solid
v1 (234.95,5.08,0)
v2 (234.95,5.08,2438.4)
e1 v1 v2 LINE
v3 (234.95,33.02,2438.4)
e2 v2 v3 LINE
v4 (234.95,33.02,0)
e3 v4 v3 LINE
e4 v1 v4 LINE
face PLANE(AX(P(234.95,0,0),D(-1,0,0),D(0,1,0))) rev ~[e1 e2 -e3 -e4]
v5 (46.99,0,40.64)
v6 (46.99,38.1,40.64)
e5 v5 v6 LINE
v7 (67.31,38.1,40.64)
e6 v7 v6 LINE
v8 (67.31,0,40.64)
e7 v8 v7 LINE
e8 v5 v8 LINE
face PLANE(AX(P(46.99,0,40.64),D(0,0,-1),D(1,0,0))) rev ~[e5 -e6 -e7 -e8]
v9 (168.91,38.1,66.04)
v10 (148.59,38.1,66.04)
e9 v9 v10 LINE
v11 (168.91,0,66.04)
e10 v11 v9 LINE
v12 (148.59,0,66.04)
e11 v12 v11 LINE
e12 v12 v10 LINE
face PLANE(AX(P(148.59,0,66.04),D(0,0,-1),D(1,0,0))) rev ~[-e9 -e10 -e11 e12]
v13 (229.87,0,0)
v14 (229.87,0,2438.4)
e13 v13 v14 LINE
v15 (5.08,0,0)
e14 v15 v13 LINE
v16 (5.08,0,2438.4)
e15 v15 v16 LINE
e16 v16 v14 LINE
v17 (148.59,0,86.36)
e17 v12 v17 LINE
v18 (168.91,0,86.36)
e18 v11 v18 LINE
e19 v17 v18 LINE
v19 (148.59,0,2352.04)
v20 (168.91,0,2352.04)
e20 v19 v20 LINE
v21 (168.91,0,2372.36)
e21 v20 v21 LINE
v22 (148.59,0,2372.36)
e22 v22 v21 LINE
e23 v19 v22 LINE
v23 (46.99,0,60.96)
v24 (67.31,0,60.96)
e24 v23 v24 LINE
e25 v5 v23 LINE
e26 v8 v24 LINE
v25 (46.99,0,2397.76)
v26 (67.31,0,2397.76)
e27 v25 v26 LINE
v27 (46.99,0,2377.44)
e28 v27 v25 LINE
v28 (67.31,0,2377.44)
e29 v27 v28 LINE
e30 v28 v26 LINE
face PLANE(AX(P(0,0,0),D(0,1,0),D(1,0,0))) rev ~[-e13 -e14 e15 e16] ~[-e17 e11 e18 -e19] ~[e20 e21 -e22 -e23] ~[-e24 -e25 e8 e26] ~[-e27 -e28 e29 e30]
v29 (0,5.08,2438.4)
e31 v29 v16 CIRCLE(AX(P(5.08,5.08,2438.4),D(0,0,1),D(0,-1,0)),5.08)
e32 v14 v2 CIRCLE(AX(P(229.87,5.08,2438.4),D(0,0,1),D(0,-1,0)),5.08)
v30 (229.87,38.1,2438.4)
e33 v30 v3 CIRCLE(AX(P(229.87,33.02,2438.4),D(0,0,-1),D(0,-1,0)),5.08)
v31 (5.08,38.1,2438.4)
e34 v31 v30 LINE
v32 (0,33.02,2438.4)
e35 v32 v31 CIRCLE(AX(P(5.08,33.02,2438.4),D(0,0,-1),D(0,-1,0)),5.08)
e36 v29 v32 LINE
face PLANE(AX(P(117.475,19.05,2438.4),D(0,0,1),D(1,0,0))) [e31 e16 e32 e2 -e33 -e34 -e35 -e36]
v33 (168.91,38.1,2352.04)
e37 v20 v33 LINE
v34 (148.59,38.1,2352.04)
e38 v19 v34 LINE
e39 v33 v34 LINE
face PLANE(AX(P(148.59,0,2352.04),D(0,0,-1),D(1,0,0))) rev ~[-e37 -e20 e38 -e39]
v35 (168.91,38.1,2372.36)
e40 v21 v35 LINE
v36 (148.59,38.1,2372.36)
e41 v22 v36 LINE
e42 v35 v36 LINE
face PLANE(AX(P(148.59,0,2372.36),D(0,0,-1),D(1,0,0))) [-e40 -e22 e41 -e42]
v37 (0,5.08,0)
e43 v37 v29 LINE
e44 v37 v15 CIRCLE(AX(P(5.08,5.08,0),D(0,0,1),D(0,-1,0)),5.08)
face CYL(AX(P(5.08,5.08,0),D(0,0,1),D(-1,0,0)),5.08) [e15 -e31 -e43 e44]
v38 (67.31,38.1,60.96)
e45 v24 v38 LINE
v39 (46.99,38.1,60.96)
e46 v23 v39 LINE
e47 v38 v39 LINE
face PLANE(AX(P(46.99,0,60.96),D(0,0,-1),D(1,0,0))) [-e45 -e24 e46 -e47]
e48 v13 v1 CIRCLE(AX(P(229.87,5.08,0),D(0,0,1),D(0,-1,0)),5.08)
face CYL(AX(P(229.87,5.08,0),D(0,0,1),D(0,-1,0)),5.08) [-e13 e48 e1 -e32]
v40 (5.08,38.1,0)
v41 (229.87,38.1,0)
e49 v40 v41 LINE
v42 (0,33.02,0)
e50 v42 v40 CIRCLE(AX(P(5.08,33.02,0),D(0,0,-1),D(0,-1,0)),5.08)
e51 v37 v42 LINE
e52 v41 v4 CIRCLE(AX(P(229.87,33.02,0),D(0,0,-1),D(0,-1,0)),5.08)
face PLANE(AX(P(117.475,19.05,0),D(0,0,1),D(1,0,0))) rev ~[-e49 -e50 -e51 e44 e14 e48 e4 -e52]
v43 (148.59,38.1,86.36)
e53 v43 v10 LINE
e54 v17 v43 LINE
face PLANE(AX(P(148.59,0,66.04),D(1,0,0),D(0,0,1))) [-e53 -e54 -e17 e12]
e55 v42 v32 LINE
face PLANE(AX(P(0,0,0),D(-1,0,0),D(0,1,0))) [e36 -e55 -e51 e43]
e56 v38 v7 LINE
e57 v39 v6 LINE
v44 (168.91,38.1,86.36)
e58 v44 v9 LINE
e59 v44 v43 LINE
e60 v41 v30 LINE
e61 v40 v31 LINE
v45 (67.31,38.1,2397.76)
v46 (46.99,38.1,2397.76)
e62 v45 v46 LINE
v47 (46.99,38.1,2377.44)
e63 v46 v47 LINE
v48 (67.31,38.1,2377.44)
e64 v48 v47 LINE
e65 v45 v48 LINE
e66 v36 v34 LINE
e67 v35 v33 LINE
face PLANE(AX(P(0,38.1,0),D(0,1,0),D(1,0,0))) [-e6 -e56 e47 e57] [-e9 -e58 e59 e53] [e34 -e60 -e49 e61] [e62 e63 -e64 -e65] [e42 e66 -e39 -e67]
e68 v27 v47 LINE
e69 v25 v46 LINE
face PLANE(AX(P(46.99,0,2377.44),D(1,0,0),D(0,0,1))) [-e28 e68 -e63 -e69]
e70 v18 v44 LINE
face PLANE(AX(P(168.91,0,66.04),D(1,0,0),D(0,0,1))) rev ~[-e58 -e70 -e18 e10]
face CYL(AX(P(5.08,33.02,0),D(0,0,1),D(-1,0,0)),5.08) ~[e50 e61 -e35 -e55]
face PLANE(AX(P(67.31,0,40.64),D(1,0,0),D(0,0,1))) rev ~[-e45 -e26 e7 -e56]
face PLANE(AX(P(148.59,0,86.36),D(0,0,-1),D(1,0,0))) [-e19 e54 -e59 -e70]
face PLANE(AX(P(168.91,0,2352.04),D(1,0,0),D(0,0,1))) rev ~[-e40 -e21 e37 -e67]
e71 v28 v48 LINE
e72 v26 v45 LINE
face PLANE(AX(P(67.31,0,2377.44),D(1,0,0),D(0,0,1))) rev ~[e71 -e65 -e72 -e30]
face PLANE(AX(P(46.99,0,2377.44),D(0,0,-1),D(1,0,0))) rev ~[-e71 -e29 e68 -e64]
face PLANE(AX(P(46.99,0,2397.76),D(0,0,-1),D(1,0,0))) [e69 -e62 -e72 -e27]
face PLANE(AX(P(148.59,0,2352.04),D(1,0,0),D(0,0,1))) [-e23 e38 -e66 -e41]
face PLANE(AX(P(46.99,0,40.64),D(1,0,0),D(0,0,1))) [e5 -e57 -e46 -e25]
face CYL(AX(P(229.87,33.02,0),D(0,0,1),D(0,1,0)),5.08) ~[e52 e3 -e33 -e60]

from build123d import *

# Parameters (mm, degrees)
F0_W     = 234.95
F0_H     = 38.1
F1_DEPTH = 2438.4
F2_W     = 20.32
F2_H     = 20.32
F3_DEPTH = 50.8
F4_R     = 5.08


with BuildPart() as f1:
    # F0 (on Top) → F1 (new body)
    with BuildSketch(Plane.XY):
        with Locations((117.475, 19.05)):
            Rectangle(F0_W, F0_H)
    extrude(amount=F1_DEPTH)

    # F2 (on face) → F3 (cut)
    with BuildSketch(Plane.XZ):
        with Locations((57.15, 2387.6)):
            Rectangle(F2_W, F2_H)
        with Locations((158.75, 2362.2)):
            Rectangle(F2_W, F2_H)
        with Locations((158.75, 76.2)):
            Rectangle(F2_W, F2_H)
        with Locations((57.15, 50.8)):
            Rectangle(F2_W, F2_H)
    extrude(amount=-F3_DEPTH, mode=Mode.SUBTRACT)

    # F4
    f4_edges = [f1.edges().sort_by_distance(p)[0] for p in [
        (0, 0, 1219.2),
        (234.95, 0, 1219.2),
        (0, 38.1, 1219.2),
        (234.95, 38.1, 1219.2),
    ]]
    fillet(f4_edges, radius=F4_R)


solid = f1.part
